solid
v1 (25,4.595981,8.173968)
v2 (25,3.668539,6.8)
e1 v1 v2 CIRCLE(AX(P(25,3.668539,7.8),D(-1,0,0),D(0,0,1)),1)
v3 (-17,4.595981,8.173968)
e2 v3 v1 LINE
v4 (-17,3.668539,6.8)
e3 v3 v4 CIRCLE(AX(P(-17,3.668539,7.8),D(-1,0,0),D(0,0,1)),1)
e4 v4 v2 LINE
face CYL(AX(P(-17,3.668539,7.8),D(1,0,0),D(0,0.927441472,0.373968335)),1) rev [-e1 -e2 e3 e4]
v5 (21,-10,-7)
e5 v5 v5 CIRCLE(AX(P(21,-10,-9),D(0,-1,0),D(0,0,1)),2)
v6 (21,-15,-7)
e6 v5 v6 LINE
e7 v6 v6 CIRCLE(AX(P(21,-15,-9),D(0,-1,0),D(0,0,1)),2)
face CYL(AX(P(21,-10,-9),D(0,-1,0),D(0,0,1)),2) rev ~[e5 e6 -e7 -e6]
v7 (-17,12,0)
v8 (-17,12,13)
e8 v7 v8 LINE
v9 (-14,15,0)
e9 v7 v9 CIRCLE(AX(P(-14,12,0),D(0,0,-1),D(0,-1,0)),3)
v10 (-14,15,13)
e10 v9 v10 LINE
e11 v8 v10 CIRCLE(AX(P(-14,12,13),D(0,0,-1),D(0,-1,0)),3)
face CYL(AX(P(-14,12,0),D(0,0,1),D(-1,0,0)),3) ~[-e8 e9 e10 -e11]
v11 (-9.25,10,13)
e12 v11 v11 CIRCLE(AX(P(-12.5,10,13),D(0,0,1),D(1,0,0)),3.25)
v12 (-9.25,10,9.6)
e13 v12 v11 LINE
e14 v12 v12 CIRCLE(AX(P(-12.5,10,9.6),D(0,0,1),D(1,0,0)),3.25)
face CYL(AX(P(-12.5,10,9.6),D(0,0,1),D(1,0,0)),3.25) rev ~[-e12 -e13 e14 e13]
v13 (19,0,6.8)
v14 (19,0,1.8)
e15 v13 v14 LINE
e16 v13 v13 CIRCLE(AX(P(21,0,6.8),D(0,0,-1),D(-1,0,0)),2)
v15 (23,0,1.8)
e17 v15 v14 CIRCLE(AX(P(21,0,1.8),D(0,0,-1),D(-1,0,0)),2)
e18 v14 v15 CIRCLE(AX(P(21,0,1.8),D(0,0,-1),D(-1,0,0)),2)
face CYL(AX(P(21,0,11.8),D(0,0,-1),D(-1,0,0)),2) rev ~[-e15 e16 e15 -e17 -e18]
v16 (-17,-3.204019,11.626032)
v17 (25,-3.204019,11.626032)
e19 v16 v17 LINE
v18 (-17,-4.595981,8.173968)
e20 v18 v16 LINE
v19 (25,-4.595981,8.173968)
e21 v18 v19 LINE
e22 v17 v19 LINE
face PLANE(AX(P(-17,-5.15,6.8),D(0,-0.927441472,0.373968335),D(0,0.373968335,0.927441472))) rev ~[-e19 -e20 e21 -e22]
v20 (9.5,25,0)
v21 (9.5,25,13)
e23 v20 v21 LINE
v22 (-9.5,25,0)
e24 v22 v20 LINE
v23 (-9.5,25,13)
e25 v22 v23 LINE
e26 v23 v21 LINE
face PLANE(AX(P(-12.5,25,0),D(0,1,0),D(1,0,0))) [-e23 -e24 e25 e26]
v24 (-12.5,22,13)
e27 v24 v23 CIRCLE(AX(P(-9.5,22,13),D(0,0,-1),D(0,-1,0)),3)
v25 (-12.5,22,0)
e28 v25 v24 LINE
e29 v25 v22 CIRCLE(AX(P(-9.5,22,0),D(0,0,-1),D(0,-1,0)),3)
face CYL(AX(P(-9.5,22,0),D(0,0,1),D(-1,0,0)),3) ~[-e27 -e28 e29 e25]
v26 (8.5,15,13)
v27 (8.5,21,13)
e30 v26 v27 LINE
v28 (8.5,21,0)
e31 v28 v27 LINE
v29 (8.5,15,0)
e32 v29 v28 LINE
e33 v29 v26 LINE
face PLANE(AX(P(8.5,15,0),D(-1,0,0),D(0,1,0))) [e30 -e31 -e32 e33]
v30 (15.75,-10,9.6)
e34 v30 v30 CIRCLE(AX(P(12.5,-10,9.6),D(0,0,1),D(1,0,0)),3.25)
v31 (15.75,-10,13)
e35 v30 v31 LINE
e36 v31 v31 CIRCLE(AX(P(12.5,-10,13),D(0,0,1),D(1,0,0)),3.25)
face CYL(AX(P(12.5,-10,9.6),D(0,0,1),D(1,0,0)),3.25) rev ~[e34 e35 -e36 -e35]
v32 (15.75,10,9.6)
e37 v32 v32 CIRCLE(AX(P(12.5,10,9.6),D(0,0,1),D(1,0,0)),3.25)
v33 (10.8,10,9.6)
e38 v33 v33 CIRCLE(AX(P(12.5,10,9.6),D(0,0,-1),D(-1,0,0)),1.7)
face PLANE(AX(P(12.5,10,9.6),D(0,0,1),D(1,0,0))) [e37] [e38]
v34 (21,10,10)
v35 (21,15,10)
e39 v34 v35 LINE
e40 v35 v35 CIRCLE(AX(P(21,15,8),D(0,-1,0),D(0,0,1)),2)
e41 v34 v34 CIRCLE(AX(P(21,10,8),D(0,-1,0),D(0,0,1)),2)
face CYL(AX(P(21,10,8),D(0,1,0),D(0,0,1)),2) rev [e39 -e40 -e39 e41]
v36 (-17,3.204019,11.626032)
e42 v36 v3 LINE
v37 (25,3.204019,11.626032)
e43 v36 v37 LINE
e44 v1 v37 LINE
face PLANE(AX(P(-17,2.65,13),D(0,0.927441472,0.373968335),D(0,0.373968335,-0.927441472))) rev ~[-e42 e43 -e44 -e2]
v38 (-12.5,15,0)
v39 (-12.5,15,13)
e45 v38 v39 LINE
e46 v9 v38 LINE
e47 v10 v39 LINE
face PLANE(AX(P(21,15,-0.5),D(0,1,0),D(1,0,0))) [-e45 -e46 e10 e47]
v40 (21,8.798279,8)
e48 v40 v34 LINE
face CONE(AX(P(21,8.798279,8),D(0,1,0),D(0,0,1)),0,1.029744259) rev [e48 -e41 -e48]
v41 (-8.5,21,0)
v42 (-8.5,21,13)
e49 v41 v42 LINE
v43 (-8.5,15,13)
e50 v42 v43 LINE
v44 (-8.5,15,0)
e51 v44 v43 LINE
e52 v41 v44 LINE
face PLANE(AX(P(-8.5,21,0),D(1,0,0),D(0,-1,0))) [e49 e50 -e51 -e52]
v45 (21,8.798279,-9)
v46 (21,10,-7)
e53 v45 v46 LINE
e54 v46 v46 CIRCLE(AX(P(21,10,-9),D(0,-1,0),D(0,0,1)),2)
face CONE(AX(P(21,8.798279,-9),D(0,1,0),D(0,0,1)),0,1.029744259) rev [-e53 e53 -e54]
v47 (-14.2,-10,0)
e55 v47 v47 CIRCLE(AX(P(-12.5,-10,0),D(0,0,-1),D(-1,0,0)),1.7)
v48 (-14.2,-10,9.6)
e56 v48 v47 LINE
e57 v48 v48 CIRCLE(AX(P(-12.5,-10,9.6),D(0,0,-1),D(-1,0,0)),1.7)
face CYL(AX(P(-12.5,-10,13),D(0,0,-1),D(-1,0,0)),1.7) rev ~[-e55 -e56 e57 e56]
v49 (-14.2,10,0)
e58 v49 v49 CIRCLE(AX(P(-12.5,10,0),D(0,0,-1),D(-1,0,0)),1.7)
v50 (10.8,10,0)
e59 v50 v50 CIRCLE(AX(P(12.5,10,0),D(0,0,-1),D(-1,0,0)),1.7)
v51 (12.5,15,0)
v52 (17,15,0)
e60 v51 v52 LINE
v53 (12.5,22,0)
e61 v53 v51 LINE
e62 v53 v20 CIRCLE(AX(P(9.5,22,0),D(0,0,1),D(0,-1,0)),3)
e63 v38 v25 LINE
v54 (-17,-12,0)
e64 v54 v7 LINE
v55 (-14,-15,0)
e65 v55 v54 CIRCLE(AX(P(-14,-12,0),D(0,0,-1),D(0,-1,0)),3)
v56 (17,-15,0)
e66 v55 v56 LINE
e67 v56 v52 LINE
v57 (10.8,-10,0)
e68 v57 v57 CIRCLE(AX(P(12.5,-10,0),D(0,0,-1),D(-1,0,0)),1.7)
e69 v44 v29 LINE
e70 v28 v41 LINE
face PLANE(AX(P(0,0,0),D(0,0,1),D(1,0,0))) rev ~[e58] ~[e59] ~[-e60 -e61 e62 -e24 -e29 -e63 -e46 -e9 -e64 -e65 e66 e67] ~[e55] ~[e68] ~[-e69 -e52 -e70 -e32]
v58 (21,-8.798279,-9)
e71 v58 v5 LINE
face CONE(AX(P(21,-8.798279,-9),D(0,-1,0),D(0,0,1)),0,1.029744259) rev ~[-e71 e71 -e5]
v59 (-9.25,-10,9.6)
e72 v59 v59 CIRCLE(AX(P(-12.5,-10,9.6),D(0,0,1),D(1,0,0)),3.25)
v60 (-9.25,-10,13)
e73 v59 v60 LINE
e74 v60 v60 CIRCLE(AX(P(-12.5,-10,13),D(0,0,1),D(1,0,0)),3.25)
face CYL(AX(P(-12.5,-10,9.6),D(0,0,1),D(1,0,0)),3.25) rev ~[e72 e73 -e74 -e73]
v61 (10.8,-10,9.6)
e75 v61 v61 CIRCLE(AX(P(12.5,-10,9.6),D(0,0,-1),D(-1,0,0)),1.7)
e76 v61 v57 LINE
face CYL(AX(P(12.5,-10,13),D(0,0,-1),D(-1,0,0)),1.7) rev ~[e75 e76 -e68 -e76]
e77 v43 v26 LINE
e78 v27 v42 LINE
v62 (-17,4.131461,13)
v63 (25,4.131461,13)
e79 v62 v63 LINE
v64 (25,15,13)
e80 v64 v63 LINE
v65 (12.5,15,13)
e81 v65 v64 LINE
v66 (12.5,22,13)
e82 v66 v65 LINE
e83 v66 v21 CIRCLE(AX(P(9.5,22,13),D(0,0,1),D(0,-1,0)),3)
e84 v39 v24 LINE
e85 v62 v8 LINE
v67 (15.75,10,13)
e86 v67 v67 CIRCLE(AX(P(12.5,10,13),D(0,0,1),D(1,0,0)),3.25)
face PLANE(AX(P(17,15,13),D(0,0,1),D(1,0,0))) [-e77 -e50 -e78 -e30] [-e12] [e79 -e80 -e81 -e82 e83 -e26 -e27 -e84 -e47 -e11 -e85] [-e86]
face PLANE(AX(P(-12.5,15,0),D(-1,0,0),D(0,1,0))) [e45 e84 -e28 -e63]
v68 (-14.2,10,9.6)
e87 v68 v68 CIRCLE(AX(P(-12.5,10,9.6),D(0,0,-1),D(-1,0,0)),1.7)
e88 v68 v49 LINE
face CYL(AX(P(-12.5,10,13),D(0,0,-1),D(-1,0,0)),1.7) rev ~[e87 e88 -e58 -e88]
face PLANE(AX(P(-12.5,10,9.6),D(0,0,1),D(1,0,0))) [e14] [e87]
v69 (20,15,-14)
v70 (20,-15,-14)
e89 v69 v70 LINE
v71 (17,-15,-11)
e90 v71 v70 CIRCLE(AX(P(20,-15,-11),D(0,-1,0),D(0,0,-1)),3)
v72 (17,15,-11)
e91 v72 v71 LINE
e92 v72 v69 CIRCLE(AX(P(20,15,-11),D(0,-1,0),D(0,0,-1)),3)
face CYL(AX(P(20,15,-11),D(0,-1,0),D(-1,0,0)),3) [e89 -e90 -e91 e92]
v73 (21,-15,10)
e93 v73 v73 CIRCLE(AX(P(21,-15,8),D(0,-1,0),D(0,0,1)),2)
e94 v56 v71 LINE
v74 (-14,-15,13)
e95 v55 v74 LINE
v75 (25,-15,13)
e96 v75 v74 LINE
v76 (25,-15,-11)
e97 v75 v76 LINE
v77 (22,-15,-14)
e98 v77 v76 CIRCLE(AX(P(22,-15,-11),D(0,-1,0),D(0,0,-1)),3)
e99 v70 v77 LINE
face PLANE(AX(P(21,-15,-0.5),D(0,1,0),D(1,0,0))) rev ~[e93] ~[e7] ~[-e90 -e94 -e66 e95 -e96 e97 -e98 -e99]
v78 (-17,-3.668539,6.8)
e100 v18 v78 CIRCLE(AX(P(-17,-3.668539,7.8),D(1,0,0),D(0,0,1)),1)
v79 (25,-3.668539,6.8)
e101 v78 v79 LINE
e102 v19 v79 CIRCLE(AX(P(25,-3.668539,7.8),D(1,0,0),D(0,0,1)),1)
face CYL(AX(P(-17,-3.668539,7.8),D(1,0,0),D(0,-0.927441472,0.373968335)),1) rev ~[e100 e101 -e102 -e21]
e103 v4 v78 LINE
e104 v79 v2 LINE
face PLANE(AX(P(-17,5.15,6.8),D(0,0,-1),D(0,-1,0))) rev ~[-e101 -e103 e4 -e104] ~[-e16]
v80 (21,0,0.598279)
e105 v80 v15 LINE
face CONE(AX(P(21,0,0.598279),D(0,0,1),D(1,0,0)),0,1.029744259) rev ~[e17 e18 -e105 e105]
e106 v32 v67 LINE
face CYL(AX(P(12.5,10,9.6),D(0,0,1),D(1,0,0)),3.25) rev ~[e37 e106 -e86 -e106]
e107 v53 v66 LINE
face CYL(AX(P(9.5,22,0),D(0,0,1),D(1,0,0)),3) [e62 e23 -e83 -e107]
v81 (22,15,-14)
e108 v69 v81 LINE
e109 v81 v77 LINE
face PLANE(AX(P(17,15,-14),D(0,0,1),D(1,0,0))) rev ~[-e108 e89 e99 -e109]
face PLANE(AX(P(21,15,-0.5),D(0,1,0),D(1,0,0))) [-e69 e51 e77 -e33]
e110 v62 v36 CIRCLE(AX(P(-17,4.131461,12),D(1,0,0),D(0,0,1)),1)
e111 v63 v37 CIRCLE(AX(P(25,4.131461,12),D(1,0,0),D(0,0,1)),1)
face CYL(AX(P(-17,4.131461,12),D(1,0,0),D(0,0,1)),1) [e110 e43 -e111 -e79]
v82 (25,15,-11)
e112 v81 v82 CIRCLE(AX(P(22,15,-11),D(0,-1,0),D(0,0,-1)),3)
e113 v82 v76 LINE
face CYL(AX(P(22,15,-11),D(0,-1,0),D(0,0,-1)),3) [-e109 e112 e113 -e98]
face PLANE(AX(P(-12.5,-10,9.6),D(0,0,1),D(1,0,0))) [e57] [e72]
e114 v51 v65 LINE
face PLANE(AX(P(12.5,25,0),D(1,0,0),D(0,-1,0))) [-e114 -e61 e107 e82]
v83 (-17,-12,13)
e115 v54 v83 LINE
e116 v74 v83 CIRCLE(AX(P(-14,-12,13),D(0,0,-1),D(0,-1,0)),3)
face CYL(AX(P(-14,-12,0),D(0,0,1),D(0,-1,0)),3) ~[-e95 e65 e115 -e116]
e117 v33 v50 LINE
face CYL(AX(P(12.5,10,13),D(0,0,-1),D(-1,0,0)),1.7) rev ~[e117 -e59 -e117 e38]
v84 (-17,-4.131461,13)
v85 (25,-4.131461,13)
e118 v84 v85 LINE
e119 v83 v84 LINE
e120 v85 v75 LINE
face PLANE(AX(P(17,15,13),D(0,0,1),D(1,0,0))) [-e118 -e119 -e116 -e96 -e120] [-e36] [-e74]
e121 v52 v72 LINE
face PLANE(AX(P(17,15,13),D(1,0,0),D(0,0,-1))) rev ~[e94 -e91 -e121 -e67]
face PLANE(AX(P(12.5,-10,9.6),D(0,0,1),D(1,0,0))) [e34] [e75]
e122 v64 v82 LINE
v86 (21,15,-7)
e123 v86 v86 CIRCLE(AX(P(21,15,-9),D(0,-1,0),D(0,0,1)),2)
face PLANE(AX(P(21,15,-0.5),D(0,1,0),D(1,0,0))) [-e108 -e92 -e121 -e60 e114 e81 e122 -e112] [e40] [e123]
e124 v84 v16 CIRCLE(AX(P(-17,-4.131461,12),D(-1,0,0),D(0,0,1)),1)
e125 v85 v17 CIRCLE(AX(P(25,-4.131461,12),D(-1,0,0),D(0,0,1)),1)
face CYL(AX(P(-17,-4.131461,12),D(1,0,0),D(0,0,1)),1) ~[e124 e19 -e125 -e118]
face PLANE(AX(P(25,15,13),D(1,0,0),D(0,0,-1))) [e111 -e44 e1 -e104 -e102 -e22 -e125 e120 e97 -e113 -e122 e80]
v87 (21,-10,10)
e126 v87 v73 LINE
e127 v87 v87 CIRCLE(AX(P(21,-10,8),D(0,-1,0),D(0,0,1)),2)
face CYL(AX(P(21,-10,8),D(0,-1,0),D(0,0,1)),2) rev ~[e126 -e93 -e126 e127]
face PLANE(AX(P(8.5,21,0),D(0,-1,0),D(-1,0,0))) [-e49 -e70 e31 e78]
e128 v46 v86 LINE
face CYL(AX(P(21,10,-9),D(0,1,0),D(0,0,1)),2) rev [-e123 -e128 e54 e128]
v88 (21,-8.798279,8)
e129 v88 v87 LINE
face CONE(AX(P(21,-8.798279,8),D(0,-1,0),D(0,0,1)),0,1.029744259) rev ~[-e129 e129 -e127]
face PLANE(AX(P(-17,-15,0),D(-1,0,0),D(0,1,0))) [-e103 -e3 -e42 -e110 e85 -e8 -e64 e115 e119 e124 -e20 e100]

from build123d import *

# Parameters (mm, degrees)
SKIZZE1_W                                            = 34
SKIZZE1_H                                            = 30
AUFSATZ_LINEAR_AUSTRAGEN1_DEPTH                      = 13
STIRNSENKUNG_F_R_M3_ZYLINDERSCHRAUBE_MIT_D           = 3.4
STIRNSENKUNG_F_R_M3_ZYLINDERSCHRAUBE_MIT_CBORE_D     = 6.5
STIRNSENKUNG_F_R_M3_ZYLINDERSCHRAUBE_MIT_CBORE_DEPTH = 3.4
SKIZZE4_W                                            = 8
SKIZZE4_H                                            = 27
AUFSATZ_LINEAR_AUSTRAGEN2_DEPTH                      = 30
F_4_0_4_DURCHMESSER_BOHRUNG1_AT_2_COUNT              = 2
F_4_0_4_DURCHMESSER_BOHRUNG1_AT_2_PITCH              = 17
SCHNITT_LINEAR_AUSTRAGEN1_DEPTH                      = 43
AUFSATZ_LINEAR_AUSTRAGEN3_DEPTH                      = 13
VERRUNDUNG2_R                                        = 3
VERRUNDUNG1_R                                        = 3
VERRUNDUNG4_R                                        = 1
F_4_0_4_DURCHMESSER_BOHRUNG2_D                       = 4
F_4_0_4_DURCHMESSER_BOHRUNG2_DEPTH                   = 5
F_4_0_4_DURCHMESSER_BOHRUNG2_TIP                     = 1.201721238


with BuildPart() as part:
    # Skizze1 → Aufsatz-Linear austragen1 (new body)
    with BuildSketch(Plane.XY):
        Rectangle(SKIZZE1_W, SKIZZE1_H)
    extrude(amount=AUFSATZ_LINEAR_AUSTRAGEN1_DEPTH)

    # Stirnsenkung für M3 Zylinderschraube mit Innensechskant1 (through all)
    with Locations(Plane.XY.offset(13)):
        with Locations((-12.5, 10), (-12.5, -10), (12.5, -10), (12.5, 10)):
            CounterBoreHole(STIRNSENKUNG_F_R_M3_ZYLINDERSCHRAUBE_MIT_D / 2, STIRNSENKUNG_F_R_M3_ZYLINDERSCHRAUBE_MIT_CBORE_D / 2, STIRNSENKUNG_F_R_M3_ZYLINDERSCHRAUBE_MIT_CBORE_DEPTH)

    # Skizze4 → Aufsatz-Linear austragen2 (add, through all)
    with BuildSketch(Plane(origin=(0, 15, 0), x_dir=(1, 0, 0), z_dir=(0, 1, 0))):
        with Locations((21, 0.5)):
            Rectangle(SKIZZE4_W, SKIZZE4_H)
    extrude(amount=-AUFSATZ_LINEAR_AUSTRAGEN2_DEPTH)

    # Skizze6 → Ø4.0 (4) Durchmesser Bohrung1 (revolve, cut)
    with BuildSketch(Plane(origin=(21, 15, 8), x_dir=(0, 0, 1), z_dir=(1, 0, 0))):
        Polygon((0, 0), (0, 6.201721238), (2, 5), (2, 0), align=None)
    f_4_0_4_durchmesser_bohrung1 = revolve(axis=Axis((21, 21.35, 8), (0, -1, 0)), mode=Mode.SUBTRACT)

    # Ø4.0 (4) Durchmesser Bohrung1 at 2: Ø4.0 (4) Durchmesser Bohrung1 ×2
    with Locations(*[(0, 0, -i * F_4_0_4_DURCHMESSER_BOHRUNG1_AT_2_PITCH) for i in range(1, F_4_0_4_DURCHMESSER_BOHRUNG1_AT_2_COUNT)]):
        add(f_4_0_4_durchmesser_bohrung1, mode=Mode.SUBTRACT)

    # Spiegeln1: Ø4.0 (4) Durchmesser Bohrung1 across plane
    add(f_4_0_4_durchmesser_bohrung1.mirror(Plane.ZX), mode=Mode.SUBTRACT)

    # Spiegeln1 copy 1 sketch → Spiegeln1 copy 1 (revolve, cut)
    with BuildSketch(Plane(origin=(21, -15, -9), x_dir=(0, 0, 1), z_dir=(1, 0, 0))):
        Polygon((0, 0), (0, -6.201721238), (2, -5), (2, 0), align=None)
    revolve(axis=Axis((21, -21.35, -9), (0, -1, 0)), mode=Mode.SUBTRACT)

    # Skizze7 → Schnitt-Linear austragen1 (cut, through all)
    with BuildSketch(Plane.ZY.offset(17)):
        Polygon((13, 2.65), (6.8, 5.15), (6.8, -5.15), (13, -2.65), align=None)
    extrude(amount=-SCHNITT_LINEAR_AUSTRAGEN1_DEPTH, mode=Mode.SUBTRACT)

    # Skizze10 → Aufsatz-Linear austragen3 (add)
    with BuildSketch(Plane(origin=(0, 0, 0), x_dir=(-1, 0, 0), z_dir=(0, 0, -1))):
        Polygon((-12.5, 15), (-8.5, 15), (-8.5, 21), (8.5, 21), (8.5, 15), (12.5, 15), (12.5, 25), (-12.5, 25), align=None)
    extrude(amount=-AUFSATZ_LINEAR_AUSTRAGEN3_DEPTH)

    # Verrundung2
    verrundung2_edges = [part.edges().sort_by_distance(p)[0] for p in [
        (-17, 15, 6.5),
        (-17, -15, 6.5),
        (-12.5, 25, 6.5),
        (12.5, 25, 6.5),
    ]]
    fillet(verrundung2_edges, radius=VERRUNDUNG2_R)

    # Verrundung1
    verrundung1_edges = [part.edges().sort_by_distance(p)[0] for p in [
        (17, 0, -14),
        (25, 0, -14),
    ]]
    fillet(verrundung1_edges, radius=VERRUNDUNG1_R)

    # Verrundung4
    verrundung4_edges = [part.edges().sort_by_distance(p)[0] for p in [
        (4, 2.65, 13),
        (4, -2.65, 13),
        (4, -5.15, 6.8),
        (4, 5.15, 6.8),
    ]]
    fillet(verrundung4_edges, radius=VERRUNDUNG4_R)

    # Ø4.0 (4) Durchmesser Bohrung2
    with Locations(Plane.XY.offset(6.8)):
        with Locations((21, 0)):
            Hole(F_4_0_4_DURCHMESSER_BOHRUNG2_D / 2, depth=F_4_0_4_DURCHMESSER_BOHRUNG2_DEPTH)
            with Locations((0, 0, -(F_4_0_4_DURCHMESSER_BOHRUNG2_DEPTH + F_4_0_4_DURCHMESSER_BOHRUNG2_TIP / 2))):  # 118° drill point
                Cone(0, F_4_0_4_DURCHMESSER_BOHRUNG2_D / 2, F_4_0_4_DURCHMESSER_BOHRUNG2_TIP, mode=Mode.SUBTRACT)


solid = part.part
